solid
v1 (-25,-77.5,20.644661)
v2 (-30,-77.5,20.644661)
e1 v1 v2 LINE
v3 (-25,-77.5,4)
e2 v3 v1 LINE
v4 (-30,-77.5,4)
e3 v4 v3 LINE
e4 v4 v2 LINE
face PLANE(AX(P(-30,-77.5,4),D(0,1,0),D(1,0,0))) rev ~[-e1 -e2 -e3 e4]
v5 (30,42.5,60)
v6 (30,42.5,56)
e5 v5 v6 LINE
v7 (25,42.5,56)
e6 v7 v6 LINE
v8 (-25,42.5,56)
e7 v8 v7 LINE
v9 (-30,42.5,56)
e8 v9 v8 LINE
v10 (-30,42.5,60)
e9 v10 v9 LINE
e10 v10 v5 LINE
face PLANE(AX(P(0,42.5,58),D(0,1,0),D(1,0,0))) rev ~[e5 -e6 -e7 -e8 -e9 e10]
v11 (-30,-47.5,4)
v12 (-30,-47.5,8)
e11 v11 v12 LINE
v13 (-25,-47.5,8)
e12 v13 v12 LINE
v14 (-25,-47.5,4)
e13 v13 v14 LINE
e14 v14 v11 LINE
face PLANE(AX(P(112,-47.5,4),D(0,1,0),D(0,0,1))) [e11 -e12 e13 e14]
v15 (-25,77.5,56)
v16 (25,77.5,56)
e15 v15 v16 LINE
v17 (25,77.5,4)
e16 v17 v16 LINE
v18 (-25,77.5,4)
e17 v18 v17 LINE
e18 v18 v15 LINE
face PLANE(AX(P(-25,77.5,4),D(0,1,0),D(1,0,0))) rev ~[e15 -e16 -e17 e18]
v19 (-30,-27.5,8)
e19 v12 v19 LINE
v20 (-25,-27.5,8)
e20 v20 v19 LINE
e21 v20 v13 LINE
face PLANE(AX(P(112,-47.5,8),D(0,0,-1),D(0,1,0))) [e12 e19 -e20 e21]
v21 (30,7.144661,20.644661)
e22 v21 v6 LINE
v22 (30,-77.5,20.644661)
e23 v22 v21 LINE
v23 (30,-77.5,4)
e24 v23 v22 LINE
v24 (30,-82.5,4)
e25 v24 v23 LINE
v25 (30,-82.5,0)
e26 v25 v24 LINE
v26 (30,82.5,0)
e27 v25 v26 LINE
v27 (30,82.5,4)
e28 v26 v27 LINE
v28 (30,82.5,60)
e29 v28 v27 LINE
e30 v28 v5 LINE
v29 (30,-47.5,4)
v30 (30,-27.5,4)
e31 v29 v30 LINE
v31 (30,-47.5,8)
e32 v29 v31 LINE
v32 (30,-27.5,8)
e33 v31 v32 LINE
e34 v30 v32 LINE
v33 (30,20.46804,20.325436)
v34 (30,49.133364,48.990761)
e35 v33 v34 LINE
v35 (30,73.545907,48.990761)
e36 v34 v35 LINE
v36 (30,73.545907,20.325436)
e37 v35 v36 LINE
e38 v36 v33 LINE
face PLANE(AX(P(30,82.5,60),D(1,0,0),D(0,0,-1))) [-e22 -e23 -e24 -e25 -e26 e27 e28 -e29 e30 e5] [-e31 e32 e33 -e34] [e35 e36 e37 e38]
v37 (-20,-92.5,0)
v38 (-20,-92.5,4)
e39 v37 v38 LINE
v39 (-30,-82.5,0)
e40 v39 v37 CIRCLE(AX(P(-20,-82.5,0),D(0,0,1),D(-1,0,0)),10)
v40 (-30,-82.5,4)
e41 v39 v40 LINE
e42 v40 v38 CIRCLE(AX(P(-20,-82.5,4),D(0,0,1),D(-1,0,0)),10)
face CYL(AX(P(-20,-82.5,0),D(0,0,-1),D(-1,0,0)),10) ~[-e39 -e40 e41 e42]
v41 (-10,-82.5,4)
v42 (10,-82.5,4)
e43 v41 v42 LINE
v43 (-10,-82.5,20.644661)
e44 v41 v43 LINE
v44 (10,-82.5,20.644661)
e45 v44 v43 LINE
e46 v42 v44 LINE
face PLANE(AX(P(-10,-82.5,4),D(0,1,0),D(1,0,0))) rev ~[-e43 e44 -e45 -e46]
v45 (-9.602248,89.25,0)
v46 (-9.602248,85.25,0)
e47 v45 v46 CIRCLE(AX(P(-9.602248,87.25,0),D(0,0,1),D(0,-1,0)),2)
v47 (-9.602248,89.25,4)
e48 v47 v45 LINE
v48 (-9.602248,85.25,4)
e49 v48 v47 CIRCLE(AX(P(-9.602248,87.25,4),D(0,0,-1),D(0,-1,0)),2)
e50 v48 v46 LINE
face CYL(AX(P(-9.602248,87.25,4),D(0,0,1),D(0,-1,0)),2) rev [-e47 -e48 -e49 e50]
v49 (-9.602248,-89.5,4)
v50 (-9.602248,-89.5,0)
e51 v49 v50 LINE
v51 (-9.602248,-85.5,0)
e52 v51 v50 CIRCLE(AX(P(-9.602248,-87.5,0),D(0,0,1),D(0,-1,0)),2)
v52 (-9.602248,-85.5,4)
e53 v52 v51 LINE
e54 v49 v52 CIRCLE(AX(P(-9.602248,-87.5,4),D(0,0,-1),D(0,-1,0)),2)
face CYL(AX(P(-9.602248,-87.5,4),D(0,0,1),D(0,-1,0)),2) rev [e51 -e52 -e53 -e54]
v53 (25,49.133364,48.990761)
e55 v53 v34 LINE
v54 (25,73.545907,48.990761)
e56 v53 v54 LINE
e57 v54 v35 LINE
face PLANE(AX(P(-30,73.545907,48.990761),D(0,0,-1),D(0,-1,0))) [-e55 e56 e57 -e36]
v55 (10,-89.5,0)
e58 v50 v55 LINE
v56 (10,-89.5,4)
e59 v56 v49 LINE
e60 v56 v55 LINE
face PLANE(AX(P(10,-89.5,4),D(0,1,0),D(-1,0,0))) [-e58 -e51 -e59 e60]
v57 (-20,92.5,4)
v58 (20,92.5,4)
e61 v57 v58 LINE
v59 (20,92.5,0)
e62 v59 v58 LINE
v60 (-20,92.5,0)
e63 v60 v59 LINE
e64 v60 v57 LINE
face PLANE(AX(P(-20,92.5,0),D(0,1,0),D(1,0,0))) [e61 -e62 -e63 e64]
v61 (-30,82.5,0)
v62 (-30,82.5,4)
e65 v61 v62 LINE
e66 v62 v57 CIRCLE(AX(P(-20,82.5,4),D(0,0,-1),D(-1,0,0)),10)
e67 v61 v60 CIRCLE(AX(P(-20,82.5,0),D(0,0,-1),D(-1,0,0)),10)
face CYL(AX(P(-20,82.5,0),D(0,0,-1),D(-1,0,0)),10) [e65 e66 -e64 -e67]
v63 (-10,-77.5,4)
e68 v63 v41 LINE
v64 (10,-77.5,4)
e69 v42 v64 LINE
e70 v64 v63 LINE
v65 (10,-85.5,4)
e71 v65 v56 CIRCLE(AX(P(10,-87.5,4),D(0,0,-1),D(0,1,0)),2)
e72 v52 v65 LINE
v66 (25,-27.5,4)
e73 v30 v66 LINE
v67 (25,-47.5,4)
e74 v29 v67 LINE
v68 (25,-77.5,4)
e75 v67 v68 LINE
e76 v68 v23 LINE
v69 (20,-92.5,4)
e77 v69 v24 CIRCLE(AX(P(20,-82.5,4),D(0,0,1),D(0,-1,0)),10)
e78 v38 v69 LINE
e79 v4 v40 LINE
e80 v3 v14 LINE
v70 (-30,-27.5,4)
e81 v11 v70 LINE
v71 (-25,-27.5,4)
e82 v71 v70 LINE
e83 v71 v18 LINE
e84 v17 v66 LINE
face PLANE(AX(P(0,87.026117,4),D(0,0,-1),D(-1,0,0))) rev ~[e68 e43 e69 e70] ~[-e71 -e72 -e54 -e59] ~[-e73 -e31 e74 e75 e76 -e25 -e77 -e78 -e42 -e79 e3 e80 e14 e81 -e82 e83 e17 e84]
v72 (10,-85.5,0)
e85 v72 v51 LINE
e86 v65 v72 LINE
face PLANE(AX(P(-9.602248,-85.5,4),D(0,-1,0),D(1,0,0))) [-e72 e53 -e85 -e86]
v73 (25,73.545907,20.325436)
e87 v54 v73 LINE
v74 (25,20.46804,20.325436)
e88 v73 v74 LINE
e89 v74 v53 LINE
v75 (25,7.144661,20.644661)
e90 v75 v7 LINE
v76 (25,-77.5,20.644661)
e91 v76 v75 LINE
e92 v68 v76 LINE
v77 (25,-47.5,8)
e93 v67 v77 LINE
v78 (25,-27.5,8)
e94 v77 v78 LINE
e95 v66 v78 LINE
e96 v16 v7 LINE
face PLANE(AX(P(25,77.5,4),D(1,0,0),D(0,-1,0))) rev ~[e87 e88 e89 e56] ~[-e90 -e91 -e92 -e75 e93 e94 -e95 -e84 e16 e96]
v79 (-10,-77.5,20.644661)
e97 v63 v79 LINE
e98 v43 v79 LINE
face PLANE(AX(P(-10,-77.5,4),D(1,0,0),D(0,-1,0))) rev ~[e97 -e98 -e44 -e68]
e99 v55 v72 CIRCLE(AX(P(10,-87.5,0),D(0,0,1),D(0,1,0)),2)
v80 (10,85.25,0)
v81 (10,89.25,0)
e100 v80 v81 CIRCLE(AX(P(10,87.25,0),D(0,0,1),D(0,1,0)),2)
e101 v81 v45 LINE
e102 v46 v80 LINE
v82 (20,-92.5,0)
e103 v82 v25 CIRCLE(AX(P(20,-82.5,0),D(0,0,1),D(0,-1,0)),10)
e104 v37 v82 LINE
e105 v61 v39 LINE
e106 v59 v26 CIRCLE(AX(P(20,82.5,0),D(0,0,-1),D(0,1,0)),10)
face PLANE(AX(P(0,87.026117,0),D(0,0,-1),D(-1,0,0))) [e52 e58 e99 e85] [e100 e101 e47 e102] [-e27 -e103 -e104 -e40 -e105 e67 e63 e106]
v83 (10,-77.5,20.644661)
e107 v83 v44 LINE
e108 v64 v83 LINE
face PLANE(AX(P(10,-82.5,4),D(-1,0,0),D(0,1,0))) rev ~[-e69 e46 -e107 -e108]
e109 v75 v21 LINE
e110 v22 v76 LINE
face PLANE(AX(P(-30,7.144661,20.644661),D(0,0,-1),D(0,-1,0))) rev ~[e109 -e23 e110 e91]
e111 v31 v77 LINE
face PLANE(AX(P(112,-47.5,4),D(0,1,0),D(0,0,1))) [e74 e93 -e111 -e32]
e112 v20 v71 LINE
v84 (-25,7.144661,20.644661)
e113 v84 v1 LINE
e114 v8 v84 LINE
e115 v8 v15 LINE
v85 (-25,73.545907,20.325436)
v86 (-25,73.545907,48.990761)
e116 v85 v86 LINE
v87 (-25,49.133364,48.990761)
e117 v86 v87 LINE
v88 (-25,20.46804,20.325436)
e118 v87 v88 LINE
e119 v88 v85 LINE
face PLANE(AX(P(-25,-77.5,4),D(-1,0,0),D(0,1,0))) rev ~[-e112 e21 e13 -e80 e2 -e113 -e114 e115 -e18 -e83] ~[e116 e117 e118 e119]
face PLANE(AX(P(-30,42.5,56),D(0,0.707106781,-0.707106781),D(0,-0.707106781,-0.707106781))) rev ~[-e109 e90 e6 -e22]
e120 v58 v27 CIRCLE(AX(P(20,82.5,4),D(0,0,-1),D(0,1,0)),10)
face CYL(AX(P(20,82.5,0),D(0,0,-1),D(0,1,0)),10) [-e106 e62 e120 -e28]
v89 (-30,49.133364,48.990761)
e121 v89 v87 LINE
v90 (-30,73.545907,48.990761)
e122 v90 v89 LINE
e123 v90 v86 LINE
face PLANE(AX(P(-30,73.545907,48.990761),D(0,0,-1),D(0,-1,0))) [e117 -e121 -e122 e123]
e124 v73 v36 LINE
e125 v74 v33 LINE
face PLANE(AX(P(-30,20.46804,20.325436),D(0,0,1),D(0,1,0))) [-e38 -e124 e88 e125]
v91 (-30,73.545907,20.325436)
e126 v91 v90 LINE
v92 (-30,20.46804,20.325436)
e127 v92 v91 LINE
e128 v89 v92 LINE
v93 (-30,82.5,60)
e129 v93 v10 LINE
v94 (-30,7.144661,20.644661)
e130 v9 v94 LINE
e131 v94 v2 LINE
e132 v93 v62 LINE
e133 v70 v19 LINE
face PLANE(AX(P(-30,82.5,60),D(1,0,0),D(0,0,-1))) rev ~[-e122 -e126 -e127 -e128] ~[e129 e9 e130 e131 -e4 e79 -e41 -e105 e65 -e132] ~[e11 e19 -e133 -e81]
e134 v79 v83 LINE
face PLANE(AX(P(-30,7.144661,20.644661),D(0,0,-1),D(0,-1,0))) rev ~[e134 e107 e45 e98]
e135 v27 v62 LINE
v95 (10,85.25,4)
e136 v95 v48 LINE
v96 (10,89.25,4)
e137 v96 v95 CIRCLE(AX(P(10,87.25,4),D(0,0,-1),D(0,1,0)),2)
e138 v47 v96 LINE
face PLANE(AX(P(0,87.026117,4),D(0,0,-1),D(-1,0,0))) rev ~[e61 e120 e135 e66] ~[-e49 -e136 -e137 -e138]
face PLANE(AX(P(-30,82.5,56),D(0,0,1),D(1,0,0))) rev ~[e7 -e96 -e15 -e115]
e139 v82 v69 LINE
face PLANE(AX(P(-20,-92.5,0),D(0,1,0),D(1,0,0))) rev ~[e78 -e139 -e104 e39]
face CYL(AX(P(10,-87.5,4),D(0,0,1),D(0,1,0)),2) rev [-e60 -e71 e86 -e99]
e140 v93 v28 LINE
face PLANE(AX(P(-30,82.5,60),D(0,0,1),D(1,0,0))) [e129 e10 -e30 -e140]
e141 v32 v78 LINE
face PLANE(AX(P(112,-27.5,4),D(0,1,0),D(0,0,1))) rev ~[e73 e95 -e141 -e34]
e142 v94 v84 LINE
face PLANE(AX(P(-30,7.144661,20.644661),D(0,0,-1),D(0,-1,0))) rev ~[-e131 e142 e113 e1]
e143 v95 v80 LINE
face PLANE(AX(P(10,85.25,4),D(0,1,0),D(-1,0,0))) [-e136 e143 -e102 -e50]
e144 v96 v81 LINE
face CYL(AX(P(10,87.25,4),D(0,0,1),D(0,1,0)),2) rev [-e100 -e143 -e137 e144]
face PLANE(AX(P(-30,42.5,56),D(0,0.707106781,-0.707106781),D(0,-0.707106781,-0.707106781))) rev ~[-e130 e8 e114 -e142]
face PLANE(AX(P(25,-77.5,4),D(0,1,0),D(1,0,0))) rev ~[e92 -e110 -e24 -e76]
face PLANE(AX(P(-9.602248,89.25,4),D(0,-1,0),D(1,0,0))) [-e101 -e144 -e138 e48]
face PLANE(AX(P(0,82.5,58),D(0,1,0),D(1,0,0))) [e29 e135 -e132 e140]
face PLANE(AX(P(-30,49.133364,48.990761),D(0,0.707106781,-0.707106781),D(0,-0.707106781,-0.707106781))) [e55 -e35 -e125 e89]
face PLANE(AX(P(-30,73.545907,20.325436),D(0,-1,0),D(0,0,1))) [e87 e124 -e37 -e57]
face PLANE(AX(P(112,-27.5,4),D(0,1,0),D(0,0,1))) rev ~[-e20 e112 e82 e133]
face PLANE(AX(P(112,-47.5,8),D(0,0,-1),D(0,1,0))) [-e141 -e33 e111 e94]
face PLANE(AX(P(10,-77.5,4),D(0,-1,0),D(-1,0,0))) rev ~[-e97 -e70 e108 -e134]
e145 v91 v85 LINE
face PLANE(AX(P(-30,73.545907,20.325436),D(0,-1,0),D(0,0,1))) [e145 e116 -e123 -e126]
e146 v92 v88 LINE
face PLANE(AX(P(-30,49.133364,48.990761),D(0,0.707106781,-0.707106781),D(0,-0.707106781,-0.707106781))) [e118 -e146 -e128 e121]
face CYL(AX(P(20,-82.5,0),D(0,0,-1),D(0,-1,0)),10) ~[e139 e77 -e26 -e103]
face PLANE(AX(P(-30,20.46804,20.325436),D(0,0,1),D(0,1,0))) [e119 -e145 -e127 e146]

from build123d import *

# Parameters (mm, degrees)
SALIENTE_EXTRUIR2_DEPTH    = 4
SALIENTE_EXTRUIR3_DEPTH    = 52
CROQUIS3_W                 = 60
CROQUIS3_H                 = 4
SALIENTE_EXTRUIR4_DEPTH    = 40
CORTAR_EXTRUIR1_DEPTH      = 87
CORTAR_EXTRUIR2_DEPTH      = 87
CORTAR_EXTRUIR2_DEPTH_BACK = 87
CROQUIS6_W                 = 4
CROQUIS6_H                 = 20
CORTAR_EXTRUIR3_DEPTH      = 87
CORTAR_EXTRUIR4_DEPTH      = 87


with BuildPart() as part:
    # Croquis1 → Saliente-Extruir2 (new body)
    with BuildSketch(Plane.XY):
        with BuildLine():
            ThreePointArc((-30, 82.5), (-27.071067812, 89.571067812), (-20, 92.5))
            Line((-20, 92.5), (20, 92.5))
            ThreePointArc((20, 92.5), (27.071067812, 89.571067812), (30, 82.5))
            Line((30, 82.5), (-30, 82.5))
        make_face()
        Polygon((25, 77.5), (25, -77.5), (30, -77.5), (30, 82.5), (-30, 82.5), (-30, -77.5), (-25, -77.5), (-25, 77.5), align=None)
        Polygon((-10, -77.5), (0, -77.5), (10, -77.5), (25, -77.5), (25, 77.5), (-25, 77.5), (-25, -77.5), align=None)
        with BuildLine():
            Line((25, -77.5), (10, -77.5))
            Line((10, -77.5), (10, -82.5))
            Line((10, -82.5), (-10, -82.5))
            Line((-10, -82.5), (-10, -77.5))
            Line((-10, -77.5), (-25, -77.5))
            Line((-25, -77.5), (-30, -77.5))
            Line((-30, -77.5), (-30, -82.5))
            ThreePointArc((-30, -82.5), (-27.071067812, -89.571067812), (-20, -92.5))
            Line((-20, -92.5), (20, -92.5))
            ThreePointArc((20, -92.5), (27.071067812, -89.571067812), (30, -82.5))
            Line((30, -82.5), (30, -77.5))
            Line((30, -77.5), (25, -77.5))
        make_face()
        Polygon((10, -77.5), (0, -77.5), (-10, -77.5), (-10, -82.5), (10, -82.5), align=None)
    extrude(amount=SALIENTE_EXTRUIR2_DEPTH)

    # Croquis2 → Saliente-Extruir3 (add)
    with BuildSketch(Plane.XY.offset(4)):
        Polygon((10, -77.5), (0, -77.5), (-10, -77.5), (-10, -82.5), (10, -82.5), align=None)
        Polygon((25, 77.5), (25, -77.5), (30, -77.5), (30, 82.5), (-30, 82.5), (-30, -77.5), (-25, -77.5), (-25, 77.5), align=None)
    extrude(amount=SALIENTE_EXTRUIR3_DEPTH)

    # Croquis3 → Saliente-Extruir4 (add)
    with BuildSketch(Plane(origin=(0, 82.5, 0), x_dir=(1, 0, 0), z_dir=(0, 1, 0))):
        with Locations((0, -58)):
            Rectangle(CROQUIS3_W, CROQUIS3_H)
    extrude(amount=-SALIENTE_EXTRUIR4_DEPTH)

    # Croquis4 → Cortar-Extruir1 (cut)
    with BuildSketch(Plane.ZY.offset(30)):
        Polygon((56, 42.5), (20.644660941, 7.144660941), (20.644660941, -100.088523904), (56, -100.088523904), align=None)
    extrude(amount=-CORTAR_EXTRUIR1_DEPTH, mode=Mode.SUBTRACT)

    # Croquis6 → Cortar-Extruir2 (cut, two sides: drawn at the far end of the back side and taken through both)
    with BuildSketch(Plane.ZY.offset(-25).offset(-CORTAR_EXTRUIR2_DEPTH_BACK)):
        with Locations((6, -37.5)):
            Rectangle(CROQUIS6_W, CROQUIS6_H)
    extrude(amount=CORTAR_EXTRUIR2_DEPTH + CORTAR_EXTRUIR2_DEPTH_BACK, mode=Mode.SUBTRACT)

    # Croquis7 → Cortar-Extruir3 (cut)
    with BuildSketch(Plane.ZY.offset(30)):
        Polygon((20.325435978, 20.468039644), (20.325435978, 73.545906874), (48.990760507, 73.545906874), (48.990760507, 49.133364172), align=None)
    extrude(amount=-CORTAR_EXTRUIR3_DEPTH, mode=Mode.SUBTRACT)

    # Croquis8 → Cortar-Extruir4 (cut)
    with BuildSketch(Plane.XY.offset(4)):
        with BuildLine():
            Line((-9.602247867, -85.5), (10, -85.5))
            ThreePointArc((10, -85.5), (12, -87.5), (10, -89.5))
            Line((10, -89.5), (-9.602247867, -89.5))
            ThreePointArc((-9.602247867, -89.5), (-11.602247867, -87.5), (-9.602247867, -85.5))
        make_face()
        with BuildLine():
            Line((10, 85.25), (-9.602247867, 85.25))
            ThreePointArc((-9.602247867, 85.25), (-11.602247867, 87.25), (-9.602247867, 89.25))
            Line((-9.602247867, 89.25), (10, 89.25))
            ThreePointArc((10, 89.25), (12, 87.25), (10, 85.25))
        make_face()
    extrude(amount=-CORTAR_EXTRUIR4_DEPTH, mode=Mode.SUBTRACT)


solid = part.part
